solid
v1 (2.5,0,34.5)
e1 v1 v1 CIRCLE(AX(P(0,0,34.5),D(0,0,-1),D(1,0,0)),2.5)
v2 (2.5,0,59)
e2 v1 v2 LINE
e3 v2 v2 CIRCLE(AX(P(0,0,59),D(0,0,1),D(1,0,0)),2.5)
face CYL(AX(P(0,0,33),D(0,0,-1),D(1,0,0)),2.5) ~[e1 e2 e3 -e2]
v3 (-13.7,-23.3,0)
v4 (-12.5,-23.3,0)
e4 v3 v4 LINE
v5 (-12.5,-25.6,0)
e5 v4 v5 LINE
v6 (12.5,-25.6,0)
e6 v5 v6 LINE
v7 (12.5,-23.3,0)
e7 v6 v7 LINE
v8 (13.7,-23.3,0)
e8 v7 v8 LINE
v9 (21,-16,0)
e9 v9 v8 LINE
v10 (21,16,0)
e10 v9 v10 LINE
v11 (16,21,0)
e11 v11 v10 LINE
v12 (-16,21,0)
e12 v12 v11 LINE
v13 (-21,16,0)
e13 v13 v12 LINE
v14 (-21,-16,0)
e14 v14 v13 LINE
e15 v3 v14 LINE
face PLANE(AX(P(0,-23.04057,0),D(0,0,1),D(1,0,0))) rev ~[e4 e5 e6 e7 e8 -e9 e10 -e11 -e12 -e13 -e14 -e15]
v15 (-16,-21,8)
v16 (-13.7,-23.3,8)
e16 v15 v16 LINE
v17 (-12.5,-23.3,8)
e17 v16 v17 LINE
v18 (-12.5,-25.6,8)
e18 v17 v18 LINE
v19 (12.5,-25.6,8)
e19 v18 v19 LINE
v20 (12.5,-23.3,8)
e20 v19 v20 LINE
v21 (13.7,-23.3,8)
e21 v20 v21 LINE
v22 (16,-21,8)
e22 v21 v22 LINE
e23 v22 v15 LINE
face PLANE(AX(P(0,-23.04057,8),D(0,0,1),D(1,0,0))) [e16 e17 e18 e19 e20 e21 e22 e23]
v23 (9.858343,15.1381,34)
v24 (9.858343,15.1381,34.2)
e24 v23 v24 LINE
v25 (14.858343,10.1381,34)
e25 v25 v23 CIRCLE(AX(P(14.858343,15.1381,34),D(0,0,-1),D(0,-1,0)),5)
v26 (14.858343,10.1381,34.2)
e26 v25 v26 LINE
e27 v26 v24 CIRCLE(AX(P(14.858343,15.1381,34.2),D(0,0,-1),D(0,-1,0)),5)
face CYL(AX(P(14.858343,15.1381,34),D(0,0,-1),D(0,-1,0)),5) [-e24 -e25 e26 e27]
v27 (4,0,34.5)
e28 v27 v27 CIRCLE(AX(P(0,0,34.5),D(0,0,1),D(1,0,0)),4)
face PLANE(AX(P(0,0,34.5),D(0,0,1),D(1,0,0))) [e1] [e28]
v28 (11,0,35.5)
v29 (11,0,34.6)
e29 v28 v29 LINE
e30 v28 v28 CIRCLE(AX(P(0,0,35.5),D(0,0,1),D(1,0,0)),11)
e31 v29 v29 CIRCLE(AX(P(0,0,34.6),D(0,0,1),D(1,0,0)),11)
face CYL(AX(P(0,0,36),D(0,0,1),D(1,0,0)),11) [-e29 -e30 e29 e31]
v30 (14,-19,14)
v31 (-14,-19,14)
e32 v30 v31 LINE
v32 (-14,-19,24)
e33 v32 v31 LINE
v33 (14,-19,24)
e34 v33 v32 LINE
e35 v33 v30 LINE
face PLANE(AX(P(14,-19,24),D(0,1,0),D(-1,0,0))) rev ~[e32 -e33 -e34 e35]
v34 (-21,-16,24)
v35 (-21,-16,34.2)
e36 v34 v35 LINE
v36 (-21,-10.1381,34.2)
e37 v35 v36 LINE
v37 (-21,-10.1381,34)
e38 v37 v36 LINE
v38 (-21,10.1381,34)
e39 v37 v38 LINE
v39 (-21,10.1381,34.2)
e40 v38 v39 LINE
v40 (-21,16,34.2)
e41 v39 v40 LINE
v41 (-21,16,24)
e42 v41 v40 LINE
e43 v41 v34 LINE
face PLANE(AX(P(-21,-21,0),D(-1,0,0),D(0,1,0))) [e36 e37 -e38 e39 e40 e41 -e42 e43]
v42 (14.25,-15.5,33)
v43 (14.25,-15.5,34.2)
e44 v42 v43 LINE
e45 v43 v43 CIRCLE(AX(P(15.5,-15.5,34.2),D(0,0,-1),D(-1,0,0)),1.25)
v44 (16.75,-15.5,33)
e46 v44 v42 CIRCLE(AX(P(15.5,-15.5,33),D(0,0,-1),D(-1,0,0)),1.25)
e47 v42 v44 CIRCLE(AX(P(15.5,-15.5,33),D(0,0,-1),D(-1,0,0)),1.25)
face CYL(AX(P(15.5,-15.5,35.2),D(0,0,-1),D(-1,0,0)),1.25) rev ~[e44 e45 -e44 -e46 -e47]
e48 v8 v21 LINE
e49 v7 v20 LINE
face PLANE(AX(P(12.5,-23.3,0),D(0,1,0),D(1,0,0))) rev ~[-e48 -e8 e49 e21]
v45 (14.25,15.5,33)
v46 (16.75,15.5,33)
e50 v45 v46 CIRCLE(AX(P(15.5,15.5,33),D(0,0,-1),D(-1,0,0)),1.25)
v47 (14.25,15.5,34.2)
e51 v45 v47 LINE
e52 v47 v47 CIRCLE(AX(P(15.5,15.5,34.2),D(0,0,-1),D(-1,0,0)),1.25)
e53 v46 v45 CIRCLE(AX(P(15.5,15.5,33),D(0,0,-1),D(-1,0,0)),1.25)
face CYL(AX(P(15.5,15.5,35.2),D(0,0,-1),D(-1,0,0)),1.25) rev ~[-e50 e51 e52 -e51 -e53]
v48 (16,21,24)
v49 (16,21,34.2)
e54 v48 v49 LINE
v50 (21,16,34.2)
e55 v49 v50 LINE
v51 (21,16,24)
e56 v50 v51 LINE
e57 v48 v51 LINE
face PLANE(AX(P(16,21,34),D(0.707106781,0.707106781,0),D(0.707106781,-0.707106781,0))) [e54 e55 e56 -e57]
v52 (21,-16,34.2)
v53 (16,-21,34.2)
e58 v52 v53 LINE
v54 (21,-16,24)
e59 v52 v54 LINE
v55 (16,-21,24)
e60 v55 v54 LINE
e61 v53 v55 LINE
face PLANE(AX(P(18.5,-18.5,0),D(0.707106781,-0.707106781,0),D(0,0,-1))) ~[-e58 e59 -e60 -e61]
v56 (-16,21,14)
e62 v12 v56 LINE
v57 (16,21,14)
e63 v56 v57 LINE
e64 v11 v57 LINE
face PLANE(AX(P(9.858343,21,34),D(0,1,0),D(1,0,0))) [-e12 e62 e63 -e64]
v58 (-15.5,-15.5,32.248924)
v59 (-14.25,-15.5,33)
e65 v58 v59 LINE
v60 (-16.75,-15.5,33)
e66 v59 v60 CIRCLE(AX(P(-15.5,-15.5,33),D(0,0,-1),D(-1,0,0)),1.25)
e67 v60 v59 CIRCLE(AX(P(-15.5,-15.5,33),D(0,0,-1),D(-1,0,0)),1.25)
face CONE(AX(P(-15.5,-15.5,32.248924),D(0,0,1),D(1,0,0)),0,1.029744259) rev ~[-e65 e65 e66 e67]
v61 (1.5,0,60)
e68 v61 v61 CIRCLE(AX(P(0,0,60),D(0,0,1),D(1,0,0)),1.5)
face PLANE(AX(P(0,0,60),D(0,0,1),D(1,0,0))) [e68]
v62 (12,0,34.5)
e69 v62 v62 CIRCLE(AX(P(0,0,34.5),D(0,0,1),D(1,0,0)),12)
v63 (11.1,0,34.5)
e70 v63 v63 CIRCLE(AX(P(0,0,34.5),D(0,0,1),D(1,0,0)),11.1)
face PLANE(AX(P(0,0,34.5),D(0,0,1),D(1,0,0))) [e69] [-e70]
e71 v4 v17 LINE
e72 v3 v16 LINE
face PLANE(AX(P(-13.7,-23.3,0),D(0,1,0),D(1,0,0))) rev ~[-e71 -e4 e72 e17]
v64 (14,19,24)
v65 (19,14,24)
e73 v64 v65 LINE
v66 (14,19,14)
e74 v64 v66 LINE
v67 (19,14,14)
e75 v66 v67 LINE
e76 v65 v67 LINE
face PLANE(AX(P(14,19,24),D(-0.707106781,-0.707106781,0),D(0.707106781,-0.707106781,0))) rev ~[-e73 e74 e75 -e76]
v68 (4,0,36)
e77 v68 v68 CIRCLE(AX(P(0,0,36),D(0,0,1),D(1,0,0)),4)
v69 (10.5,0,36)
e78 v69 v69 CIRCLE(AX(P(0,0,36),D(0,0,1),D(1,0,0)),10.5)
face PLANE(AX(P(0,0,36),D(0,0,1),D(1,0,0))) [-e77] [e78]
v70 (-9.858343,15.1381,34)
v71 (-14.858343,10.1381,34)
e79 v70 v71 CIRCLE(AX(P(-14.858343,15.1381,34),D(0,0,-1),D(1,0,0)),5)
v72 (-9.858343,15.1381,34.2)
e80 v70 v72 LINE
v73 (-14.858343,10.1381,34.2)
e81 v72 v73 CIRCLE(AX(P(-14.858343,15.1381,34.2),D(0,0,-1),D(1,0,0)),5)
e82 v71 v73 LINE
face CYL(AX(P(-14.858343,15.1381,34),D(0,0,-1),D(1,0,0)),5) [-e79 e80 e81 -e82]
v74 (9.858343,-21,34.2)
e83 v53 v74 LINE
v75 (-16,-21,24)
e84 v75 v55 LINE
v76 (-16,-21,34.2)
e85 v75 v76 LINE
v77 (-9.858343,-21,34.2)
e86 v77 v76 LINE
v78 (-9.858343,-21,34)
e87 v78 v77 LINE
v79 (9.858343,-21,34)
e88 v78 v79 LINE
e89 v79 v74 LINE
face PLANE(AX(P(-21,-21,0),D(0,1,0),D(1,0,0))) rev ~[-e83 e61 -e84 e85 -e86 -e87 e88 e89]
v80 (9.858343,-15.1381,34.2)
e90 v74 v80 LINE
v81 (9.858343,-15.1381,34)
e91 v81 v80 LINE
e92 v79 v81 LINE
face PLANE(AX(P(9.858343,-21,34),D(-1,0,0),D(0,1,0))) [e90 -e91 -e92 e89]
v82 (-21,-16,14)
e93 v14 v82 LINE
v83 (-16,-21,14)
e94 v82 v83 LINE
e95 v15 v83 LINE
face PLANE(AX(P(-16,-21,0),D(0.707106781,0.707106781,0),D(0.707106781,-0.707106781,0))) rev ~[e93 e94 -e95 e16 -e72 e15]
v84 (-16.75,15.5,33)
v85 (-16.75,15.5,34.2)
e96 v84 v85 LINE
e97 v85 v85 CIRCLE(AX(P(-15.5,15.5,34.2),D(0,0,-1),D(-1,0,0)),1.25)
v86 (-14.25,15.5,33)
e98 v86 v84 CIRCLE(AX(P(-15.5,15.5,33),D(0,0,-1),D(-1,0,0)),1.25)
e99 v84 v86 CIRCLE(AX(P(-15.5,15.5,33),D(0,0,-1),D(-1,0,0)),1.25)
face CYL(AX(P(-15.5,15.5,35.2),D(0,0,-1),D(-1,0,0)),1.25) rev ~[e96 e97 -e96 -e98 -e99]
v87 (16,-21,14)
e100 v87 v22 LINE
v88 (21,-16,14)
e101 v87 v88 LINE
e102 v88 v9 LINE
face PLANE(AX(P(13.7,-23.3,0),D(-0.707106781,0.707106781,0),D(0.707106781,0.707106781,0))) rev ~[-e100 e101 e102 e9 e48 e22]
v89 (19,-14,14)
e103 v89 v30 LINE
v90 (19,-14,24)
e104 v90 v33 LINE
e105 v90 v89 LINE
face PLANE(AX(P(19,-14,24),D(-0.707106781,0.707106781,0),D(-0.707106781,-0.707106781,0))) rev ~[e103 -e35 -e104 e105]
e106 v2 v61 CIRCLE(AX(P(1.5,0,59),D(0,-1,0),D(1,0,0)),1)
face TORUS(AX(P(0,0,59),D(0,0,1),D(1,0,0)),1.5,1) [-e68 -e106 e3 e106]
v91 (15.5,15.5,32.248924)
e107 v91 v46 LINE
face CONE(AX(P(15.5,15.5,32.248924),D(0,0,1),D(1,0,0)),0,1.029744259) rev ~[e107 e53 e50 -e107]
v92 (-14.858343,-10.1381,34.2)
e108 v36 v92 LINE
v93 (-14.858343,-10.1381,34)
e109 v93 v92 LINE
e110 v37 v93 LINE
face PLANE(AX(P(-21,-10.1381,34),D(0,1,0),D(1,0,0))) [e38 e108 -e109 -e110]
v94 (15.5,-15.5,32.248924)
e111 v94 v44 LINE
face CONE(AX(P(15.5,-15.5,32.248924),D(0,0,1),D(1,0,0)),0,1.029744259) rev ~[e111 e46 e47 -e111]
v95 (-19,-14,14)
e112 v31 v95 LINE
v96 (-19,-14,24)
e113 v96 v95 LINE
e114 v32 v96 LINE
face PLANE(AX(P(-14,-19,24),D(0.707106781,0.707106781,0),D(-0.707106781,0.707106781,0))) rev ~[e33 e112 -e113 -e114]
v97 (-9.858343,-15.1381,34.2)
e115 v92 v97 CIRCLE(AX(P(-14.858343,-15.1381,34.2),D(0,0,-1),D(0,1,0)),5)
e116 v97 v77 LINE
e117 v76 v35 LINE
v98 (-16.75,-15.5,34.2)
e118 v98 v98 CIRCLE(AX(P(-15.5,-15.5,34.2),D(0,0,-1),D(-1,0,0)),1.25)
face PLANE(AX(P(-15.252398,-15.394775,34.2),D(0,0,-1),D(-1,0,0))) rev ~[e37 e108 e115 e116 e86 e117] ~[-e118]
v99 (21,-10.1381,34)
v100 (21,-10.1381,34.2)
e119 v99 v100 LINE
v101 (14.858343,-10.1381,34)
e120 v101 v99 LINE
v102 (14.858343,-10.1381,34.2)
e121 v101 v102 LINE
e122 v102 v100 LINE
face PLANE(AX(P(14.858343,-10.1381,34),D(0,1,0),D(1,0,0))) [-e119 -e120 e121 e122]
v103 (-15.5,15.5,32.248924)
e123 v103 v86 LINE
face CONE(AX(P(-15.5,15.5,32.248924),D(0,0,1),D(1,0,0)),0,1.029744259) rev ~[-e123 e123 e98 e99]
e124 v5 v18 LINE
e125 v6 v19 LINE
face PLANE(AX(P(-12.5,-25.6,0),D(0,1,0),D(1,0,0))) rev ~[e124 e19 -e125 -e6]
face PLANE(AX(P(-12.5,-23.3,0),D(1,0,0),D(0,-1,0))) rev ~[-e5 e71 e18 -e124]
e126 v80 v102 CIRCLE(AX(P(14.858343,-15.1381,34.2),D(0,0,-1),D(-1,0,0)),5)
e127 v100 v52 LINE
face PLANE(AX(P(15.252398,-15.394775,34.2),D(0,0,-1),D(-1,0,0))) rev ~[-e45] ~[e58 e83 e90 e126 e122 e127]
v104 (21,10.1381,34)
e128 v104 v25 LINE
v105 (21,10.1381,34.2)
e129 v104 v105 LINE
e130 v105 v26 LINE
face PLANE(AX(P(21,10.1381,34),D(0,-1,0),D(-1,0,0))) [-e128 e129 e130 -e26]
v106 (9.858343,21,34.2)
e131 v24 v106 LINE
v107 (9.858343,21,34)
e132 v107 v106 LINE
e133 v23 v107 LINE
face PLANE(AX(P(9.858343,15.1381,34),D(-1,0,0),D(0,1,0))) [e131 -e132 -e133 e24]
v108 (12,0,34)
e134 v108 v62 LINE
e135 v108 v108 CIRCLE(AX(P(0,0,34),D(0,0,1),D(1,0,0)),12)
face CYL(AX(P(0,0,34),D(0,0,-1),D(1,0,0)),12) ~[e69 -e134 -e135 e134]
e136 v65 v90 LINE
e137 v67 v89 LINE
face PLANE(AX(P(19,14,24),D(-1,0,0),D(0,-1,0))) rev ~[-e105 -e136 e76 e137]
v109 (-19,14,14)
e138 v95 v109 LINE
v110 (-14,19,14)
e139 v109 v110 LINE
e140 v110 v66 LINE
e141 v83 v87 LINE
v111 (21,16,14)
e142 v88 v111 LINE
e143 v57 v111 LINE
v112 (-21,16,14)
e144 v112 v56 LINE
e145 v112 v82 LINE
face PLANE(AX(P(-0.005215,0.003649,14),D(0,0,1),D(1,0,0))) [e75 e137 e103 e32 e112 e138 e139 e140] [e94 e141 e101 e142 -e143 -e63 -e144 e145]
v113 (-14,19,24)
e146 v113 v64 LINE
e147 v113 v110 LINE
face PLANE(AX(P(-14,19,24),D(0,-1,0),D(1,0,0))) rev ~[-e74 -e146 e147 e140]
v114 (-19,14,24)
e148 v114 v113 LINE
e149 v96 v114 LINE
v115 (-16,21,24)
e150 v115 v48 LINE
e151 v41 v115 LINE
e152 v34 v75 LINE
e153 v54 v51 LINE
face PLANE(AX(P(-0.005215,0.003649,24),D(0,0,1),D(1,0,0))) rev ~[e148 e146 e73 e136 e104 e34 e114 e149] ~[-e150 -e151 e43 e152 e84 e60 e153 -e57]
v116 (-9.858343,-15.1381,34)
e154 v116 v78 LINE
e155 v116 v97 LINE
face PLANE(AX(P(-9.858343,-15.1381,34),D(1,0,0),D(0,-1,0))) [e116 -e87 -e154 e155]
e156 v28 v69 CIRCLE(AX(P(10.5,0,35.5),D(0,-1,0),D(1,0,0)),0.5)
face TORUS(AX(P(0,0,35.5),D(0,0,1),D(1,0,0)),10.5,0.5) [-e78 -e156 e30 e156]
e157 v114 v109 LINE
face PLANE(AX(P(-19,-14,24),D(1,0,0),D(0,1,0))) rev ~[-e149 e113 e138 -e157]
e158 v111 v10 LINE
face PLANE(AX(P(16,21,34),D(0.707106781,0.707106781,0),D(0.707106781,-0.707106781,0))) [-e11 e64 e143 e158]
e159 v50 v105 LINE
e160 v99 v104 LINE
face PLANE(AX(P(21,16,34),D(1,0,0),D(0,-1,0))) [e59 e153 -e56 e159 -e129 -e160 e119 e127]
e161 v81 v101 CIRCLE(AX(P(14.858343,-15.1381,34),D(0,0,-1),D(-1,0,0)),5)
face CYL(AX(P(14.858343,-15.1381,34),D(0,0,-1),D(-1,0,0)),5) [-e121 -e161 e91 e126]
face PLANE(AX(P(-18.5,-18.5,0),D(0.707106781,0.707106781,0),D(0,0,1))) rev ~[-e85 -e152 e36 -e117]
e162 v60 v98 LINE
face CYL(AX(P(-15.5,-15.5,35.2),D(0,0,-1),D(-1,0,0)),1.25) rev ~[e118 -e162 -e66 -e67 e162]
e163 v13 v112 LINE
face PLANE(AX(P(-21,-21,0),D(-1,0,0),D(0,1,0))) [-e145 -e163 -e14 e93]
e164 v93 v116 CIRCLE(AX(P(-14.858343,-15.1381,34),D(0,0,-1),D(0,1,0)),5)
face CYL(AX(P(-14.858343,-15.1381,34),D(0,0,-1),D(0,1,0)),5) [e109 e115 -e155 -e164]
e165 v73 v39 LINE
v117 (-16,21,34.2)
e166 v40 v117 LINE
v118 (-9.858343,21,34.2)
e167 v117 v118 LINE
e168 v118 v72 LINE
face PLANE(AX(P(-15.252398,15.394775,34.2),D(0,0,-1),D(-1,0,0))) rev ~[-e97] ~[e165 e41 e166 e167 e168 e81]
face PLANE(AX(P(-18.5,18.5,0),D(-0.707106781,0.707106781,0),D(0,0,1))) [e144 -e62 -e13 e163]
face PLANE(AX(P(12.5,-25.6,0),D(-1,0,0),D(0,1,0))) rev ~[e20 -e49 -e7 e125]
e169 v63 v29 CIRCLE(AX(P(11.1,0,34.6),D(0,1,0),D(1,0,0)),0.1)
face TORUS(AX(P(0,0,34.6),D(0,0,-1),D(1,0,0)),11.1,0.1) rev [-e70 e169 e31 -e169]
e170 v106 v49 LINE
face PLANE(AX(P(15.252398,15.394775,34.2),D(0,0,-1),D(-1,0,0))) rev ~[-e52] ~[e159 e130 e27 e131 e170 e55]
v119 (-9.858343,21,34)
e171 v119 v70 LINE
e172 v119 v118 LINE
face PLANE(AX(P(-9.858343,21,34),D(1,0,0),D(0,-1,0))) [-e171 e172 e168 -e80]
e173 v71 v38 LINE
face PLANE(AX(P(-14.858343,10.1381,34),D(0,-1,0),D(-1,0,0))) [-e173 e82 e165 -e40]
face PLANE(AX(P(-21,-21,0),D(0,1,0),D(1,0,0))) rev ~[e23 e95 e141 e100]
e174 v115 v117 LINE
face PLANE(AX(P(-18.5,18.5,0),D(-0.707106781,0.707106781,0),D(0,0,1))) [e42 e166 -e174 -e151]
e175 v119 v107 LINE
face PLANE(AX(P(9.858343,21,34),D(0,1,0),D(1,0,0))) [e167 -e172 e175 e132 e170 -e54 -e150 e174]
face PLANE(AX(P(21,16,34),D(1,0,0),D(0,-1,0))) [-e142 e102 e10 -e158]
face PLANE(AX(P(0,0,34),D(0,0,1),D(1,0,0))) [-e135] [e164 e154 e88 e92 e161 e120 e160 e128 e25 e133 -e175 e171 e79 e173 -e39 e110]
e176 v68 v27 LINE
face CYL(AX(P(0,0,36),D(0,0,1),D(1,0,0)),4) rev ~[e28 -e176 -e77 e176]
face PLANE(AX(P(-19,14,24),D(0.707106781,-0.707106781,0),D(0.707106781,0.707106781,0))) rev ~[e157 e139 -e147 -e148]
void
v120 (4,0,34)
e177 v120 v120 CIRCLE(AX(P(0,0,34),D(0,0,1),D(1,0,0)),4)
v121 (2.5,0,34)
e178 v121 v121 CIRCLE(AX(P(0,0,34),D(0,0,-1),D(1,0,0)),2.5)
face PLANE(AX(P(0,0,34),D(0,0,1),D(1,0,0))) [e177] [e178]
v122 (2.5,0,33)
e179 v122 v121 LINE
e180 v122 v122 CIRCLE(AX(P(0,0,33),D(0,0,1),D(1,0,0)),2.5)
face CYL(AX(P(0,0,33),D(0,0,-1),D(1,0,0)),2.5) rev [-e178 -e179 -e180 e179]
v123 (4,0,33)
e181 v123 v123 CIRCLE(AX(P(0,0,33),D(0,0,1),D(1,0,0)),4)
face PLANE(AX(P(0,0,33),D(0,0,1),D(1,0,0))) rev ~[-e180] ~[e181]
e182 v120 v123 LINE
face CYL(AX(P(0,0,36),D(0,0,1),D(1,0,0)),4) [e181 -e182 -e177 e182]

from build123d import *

# Parameters (mm, degrees)
SKETCH1_W             = 42
SKETCH1_H             = 42
BOSS_EXTRUDE1_DEPTH   = 36
SKETCH2_OUTSIDE_W     = 57.892
SKETCH2_OUTSIDE_H     = 57.892
SKETCH2_OUTSIDE_R     = 11
CUT_EXTRUDE1_DEPTH    = 2
FILLET1_R             = 0.5
SKETCH3_R             = 4
CUT_EXTRUDE2_DEPTH    = 3
SKETCH4_R             = 2.5
BOSS_EXTRUDE2_DEPTH   = 27
FILLET3_R             = 1
SKETCH5_R             = 12
BOSS_EXTRUDE3_DEPTH   = 0.5
FILLET4_R             = 0.1
M3_TAPPED_HOLE1_D     = 2.5
M3_TAPPED_HOLE1_DEPTH = 1
M3_TAPPED_HOLE1_TIP   = 0.751075774
CHAMFER2_SIZE         = 5
BOSS_EXTRUDE4_DEPTH   = 0.2
CUT_EXTRUDE4_START    = -10
CUT_EXTRUDE4_DEPTH    = 10
BOSS_EXTRUDE5_START   = -34.2
BOSS_EXTRUDE5_DEPTH   = 8
M3_TAPPED_HOLE3_D     = 2.5
M3_TAPPED_HOLE3_DEPTH = 1
M3_TAPPED_HOLE3_TIP   = 0.751075774


with BuildPart() as part:
    # Sketch1 → Boss-Extrude1 (new body)
    with BuildSketch(Plane.XY):
        Rectangle(SKETCH1_W, SKETCH1_H)
    extrude(amount=BOSS_EXTRUDE1_DEPTH)

    # Sketch2 outside → Cut-Extrude1 (cut)
    with BuildSketch(Plane.XY.offset(36)):
        Rectangle(SKETCH2_OUTSIDE_W, SKETCH2_OUTSIDE_H)
        Circle(SKETCH2_OUTSIDE_R, mode=Mode.SUBTRACT)
    extrude(amount=-CUT_EXTRUDE1_DEPTH, mode=Mode.SUBTRACT)

    # Fillet1
    fillet1_edges = [part.edges().sort_by_distance(p)[0] for p in [
        (-11, 0, 36),
    ]]
    fillet(fillet1_edges, radius=FILLET1_R)

    # Sketch3 → Cut-Extrude2 (cut)
    with BuildSketch(Plane.XY.offset(36)):
        Circle(SKETCH3_R)
    extrude(amount=-CUT_EXTRUDE2_DEPTH, mode=Mode.SUBTRACT)

    # Sketch4 → Boss-Extrude2 (add)
    with BuildSketch(Plane.XY.offset(33)):
        Circle(SKETCH4_R)
    extrude(amount=BOSS_EXTRUDE2_DEPTH)

    # Fillet3
    fillet3_edges = [part.edges().sort_by_distance(p)[0] for p in [
        (-2.5, 0, 60),
    ]]
    fillet(fillet3_edges, radius=FILLET3_R)

    # Sketch5 → Boss-Extrude3 (add)
    with BuildSketch(Plane.XY.offset(34)):
        Circle(SKETCH5_R)
    extrude(amount=BOSS_EXTRUDE3_DEPTH)

    # Fillet4
    fillet4_edges = [part.edges().sort_by_distance(p)[0] for p in [
        (-11, 0, 34.5),
    ]]
    fillet(fillet4_edges, radius=FILLET4_R)

    # M3 Tapped Hole1
    with Locations(Plane.XY.offset(34)):
        with Locations((15.5, 15.5), (-15.5, 15.5), (15.5, -15.5), (-15.5, -15.5)):
            Hole(M3_TAPPED_HOLE1_D / 2, depth=M3_TAPPED_HOLE1_DEPTH)
            with Locations((0, 0, -(M3_TAPPED_HOLE1_DEPTH + M3_TAPPED_HOLE1_TIP / 2))):  # 118° drill point
                Cone(0, M3_TAPPED_HOLE1_D / 2, M3_TAPPED_HOLE1_TIP, mode=Mode.SUBTRACT)

    # Chamfer2
    chamfer2_edges = [part.edges().sort_by_distance(p)[0] for p in [
        (21, -21, 17),
        (-21, -21, 17),
        (-21, 21, 17),
        (21, 21, 17),
    ]]
    chamfer(chamfer2_edges, length=CHAMFER2_SIZE)

    # Sketch9 → Boss-Extrude4 (add)
    with BuildSketch(Plane.XY.offset(34)):
        with BuildLine():
            Line((16, 21), (21, 16))
            Line((21, 16), (21, 10.138100447))
            Line((21, 10.138100447), (14.858342654, 10.138100447))
            ThreePointArc((14.858342654, 10.138100447), (11.322808748, 11.602566541), (9.858342654, 15.138100447))
            Line((9.858342654, 15.138100447), (9.858342654, 21))
            Line((9.858342654, 21), (16, 21))
        make_face()
        with BuildLine():
            Line((-21, 10.138100447), (-21, 16))
            Line((-21, 16), (-16, 21))
            Line((-16, 21), (-9.858342654, 21))
            Line((-9.858342654, 21), (-9.858342654, 15.138100447))
            ThreePointArc((-9.858342654, 15.138100447), (-11.322808748, 11.602566541), (-14.858342654, 10.138100447))
            Line((-14.858342654, 10.138100447), (-21, 10.138100447))
        make_face()
        with BuildLine():
            Line((-16, -21), (-21, -16))
            Line((-21, -16), (-21, -10.138100447))
            Line((-21, -10.138100447), (-14.858342654, -10.138100447))
            ThreePointArc((-14.858342654, -10.138100447), (-11.322808748, -11.602566541), (-9.858342654, -15.138100447))
            Line((-9.858342654, -15.138100447), (-9.858342654, -21))
            Line((-9.858342654, -21), (-16, -21))
        make_face()
        with BuildLine():
            Line((21, -10.138100447), (21, -16))
            Line((21, -16), (16, -21))
            Line((16, -21), (9.858342654, -21))
            Line((9.858342654, -21), (9.858342654, -15.138100447))
            ThreePointArc((9.858342654, -15.138100447), (11.322808748, -11.602566541), (14.858342654, -10.138100447))
            Line((14.858342654, -10.138100447), (21, -10.138100447))
        make_face()
    extrude(amount=BOSS_EXTRUDE4_DEPTH)

    # Sketch10 → Cut-Extrude4 (cut)
    with BuildSketch(Plane.XY.offset(34).offset(CUT_EXTRUDE4_START)):
        Polygon((21, 16.017915508), (16.017915508, 21), (-15.980285858, 21.03762965), (-21, 16.017915508), (-21, -16.050170564), (-16.050170564, -21), (16.010758898, -21), (21, -16.010758898), align=None)
        Polygon((19, -14), (14, -19), (-14, -19), (-19, -14), (-19, 14), (-14, 19), (14, 19), (19, 14), align=None, mode=Mode.SUBTRACT)
    extrude(amount=-CUT_EXTRUDE4_DEPTH, mode=Mode.SUBTRACT)

    # Sketch13 → Boss-Extrude5 (add)
    with BuildSketch(Plane.XY.offset(34.2).offset(BOSS_EXTRUDE5_START)):
        Polygon((-12.5, -25.6), (12.5, -25.6), (12.5, -23.3), (13.7, -23.3), (16, -21), (12.5, -21), (-12.5, -21), (-16, -21), (-13.7, -23.3), (-12.5, -23.3), align=None)
    extrude(amount=BOSS_EXTRUDE5_DEPTH)

    # M3 Tapped Hole3
    with Locations(Plane.XY.offset(34.2)):
        with Locations((-15.5, 15.5), (15.5, 15.5), (15.5, -15.5), (-15.5, -15.5)):
            Hole(M3_TAPPED_HOLE3_D / 2, depth=M3_TAPPED_HOLE3_DEPTH)
            with Locations((0, 0, -(M3_TAPPED_HOLE3_DEPTH + M3_TAPPED_HOLE3_TIP / 2))):  # 118° drill point
                Cone(0, M3_TAPPED_HOLE3_D / 2, M3_TAPPED_HOLE3_TIP, mode=Mode.SUBTRACT)


solid = part.part
